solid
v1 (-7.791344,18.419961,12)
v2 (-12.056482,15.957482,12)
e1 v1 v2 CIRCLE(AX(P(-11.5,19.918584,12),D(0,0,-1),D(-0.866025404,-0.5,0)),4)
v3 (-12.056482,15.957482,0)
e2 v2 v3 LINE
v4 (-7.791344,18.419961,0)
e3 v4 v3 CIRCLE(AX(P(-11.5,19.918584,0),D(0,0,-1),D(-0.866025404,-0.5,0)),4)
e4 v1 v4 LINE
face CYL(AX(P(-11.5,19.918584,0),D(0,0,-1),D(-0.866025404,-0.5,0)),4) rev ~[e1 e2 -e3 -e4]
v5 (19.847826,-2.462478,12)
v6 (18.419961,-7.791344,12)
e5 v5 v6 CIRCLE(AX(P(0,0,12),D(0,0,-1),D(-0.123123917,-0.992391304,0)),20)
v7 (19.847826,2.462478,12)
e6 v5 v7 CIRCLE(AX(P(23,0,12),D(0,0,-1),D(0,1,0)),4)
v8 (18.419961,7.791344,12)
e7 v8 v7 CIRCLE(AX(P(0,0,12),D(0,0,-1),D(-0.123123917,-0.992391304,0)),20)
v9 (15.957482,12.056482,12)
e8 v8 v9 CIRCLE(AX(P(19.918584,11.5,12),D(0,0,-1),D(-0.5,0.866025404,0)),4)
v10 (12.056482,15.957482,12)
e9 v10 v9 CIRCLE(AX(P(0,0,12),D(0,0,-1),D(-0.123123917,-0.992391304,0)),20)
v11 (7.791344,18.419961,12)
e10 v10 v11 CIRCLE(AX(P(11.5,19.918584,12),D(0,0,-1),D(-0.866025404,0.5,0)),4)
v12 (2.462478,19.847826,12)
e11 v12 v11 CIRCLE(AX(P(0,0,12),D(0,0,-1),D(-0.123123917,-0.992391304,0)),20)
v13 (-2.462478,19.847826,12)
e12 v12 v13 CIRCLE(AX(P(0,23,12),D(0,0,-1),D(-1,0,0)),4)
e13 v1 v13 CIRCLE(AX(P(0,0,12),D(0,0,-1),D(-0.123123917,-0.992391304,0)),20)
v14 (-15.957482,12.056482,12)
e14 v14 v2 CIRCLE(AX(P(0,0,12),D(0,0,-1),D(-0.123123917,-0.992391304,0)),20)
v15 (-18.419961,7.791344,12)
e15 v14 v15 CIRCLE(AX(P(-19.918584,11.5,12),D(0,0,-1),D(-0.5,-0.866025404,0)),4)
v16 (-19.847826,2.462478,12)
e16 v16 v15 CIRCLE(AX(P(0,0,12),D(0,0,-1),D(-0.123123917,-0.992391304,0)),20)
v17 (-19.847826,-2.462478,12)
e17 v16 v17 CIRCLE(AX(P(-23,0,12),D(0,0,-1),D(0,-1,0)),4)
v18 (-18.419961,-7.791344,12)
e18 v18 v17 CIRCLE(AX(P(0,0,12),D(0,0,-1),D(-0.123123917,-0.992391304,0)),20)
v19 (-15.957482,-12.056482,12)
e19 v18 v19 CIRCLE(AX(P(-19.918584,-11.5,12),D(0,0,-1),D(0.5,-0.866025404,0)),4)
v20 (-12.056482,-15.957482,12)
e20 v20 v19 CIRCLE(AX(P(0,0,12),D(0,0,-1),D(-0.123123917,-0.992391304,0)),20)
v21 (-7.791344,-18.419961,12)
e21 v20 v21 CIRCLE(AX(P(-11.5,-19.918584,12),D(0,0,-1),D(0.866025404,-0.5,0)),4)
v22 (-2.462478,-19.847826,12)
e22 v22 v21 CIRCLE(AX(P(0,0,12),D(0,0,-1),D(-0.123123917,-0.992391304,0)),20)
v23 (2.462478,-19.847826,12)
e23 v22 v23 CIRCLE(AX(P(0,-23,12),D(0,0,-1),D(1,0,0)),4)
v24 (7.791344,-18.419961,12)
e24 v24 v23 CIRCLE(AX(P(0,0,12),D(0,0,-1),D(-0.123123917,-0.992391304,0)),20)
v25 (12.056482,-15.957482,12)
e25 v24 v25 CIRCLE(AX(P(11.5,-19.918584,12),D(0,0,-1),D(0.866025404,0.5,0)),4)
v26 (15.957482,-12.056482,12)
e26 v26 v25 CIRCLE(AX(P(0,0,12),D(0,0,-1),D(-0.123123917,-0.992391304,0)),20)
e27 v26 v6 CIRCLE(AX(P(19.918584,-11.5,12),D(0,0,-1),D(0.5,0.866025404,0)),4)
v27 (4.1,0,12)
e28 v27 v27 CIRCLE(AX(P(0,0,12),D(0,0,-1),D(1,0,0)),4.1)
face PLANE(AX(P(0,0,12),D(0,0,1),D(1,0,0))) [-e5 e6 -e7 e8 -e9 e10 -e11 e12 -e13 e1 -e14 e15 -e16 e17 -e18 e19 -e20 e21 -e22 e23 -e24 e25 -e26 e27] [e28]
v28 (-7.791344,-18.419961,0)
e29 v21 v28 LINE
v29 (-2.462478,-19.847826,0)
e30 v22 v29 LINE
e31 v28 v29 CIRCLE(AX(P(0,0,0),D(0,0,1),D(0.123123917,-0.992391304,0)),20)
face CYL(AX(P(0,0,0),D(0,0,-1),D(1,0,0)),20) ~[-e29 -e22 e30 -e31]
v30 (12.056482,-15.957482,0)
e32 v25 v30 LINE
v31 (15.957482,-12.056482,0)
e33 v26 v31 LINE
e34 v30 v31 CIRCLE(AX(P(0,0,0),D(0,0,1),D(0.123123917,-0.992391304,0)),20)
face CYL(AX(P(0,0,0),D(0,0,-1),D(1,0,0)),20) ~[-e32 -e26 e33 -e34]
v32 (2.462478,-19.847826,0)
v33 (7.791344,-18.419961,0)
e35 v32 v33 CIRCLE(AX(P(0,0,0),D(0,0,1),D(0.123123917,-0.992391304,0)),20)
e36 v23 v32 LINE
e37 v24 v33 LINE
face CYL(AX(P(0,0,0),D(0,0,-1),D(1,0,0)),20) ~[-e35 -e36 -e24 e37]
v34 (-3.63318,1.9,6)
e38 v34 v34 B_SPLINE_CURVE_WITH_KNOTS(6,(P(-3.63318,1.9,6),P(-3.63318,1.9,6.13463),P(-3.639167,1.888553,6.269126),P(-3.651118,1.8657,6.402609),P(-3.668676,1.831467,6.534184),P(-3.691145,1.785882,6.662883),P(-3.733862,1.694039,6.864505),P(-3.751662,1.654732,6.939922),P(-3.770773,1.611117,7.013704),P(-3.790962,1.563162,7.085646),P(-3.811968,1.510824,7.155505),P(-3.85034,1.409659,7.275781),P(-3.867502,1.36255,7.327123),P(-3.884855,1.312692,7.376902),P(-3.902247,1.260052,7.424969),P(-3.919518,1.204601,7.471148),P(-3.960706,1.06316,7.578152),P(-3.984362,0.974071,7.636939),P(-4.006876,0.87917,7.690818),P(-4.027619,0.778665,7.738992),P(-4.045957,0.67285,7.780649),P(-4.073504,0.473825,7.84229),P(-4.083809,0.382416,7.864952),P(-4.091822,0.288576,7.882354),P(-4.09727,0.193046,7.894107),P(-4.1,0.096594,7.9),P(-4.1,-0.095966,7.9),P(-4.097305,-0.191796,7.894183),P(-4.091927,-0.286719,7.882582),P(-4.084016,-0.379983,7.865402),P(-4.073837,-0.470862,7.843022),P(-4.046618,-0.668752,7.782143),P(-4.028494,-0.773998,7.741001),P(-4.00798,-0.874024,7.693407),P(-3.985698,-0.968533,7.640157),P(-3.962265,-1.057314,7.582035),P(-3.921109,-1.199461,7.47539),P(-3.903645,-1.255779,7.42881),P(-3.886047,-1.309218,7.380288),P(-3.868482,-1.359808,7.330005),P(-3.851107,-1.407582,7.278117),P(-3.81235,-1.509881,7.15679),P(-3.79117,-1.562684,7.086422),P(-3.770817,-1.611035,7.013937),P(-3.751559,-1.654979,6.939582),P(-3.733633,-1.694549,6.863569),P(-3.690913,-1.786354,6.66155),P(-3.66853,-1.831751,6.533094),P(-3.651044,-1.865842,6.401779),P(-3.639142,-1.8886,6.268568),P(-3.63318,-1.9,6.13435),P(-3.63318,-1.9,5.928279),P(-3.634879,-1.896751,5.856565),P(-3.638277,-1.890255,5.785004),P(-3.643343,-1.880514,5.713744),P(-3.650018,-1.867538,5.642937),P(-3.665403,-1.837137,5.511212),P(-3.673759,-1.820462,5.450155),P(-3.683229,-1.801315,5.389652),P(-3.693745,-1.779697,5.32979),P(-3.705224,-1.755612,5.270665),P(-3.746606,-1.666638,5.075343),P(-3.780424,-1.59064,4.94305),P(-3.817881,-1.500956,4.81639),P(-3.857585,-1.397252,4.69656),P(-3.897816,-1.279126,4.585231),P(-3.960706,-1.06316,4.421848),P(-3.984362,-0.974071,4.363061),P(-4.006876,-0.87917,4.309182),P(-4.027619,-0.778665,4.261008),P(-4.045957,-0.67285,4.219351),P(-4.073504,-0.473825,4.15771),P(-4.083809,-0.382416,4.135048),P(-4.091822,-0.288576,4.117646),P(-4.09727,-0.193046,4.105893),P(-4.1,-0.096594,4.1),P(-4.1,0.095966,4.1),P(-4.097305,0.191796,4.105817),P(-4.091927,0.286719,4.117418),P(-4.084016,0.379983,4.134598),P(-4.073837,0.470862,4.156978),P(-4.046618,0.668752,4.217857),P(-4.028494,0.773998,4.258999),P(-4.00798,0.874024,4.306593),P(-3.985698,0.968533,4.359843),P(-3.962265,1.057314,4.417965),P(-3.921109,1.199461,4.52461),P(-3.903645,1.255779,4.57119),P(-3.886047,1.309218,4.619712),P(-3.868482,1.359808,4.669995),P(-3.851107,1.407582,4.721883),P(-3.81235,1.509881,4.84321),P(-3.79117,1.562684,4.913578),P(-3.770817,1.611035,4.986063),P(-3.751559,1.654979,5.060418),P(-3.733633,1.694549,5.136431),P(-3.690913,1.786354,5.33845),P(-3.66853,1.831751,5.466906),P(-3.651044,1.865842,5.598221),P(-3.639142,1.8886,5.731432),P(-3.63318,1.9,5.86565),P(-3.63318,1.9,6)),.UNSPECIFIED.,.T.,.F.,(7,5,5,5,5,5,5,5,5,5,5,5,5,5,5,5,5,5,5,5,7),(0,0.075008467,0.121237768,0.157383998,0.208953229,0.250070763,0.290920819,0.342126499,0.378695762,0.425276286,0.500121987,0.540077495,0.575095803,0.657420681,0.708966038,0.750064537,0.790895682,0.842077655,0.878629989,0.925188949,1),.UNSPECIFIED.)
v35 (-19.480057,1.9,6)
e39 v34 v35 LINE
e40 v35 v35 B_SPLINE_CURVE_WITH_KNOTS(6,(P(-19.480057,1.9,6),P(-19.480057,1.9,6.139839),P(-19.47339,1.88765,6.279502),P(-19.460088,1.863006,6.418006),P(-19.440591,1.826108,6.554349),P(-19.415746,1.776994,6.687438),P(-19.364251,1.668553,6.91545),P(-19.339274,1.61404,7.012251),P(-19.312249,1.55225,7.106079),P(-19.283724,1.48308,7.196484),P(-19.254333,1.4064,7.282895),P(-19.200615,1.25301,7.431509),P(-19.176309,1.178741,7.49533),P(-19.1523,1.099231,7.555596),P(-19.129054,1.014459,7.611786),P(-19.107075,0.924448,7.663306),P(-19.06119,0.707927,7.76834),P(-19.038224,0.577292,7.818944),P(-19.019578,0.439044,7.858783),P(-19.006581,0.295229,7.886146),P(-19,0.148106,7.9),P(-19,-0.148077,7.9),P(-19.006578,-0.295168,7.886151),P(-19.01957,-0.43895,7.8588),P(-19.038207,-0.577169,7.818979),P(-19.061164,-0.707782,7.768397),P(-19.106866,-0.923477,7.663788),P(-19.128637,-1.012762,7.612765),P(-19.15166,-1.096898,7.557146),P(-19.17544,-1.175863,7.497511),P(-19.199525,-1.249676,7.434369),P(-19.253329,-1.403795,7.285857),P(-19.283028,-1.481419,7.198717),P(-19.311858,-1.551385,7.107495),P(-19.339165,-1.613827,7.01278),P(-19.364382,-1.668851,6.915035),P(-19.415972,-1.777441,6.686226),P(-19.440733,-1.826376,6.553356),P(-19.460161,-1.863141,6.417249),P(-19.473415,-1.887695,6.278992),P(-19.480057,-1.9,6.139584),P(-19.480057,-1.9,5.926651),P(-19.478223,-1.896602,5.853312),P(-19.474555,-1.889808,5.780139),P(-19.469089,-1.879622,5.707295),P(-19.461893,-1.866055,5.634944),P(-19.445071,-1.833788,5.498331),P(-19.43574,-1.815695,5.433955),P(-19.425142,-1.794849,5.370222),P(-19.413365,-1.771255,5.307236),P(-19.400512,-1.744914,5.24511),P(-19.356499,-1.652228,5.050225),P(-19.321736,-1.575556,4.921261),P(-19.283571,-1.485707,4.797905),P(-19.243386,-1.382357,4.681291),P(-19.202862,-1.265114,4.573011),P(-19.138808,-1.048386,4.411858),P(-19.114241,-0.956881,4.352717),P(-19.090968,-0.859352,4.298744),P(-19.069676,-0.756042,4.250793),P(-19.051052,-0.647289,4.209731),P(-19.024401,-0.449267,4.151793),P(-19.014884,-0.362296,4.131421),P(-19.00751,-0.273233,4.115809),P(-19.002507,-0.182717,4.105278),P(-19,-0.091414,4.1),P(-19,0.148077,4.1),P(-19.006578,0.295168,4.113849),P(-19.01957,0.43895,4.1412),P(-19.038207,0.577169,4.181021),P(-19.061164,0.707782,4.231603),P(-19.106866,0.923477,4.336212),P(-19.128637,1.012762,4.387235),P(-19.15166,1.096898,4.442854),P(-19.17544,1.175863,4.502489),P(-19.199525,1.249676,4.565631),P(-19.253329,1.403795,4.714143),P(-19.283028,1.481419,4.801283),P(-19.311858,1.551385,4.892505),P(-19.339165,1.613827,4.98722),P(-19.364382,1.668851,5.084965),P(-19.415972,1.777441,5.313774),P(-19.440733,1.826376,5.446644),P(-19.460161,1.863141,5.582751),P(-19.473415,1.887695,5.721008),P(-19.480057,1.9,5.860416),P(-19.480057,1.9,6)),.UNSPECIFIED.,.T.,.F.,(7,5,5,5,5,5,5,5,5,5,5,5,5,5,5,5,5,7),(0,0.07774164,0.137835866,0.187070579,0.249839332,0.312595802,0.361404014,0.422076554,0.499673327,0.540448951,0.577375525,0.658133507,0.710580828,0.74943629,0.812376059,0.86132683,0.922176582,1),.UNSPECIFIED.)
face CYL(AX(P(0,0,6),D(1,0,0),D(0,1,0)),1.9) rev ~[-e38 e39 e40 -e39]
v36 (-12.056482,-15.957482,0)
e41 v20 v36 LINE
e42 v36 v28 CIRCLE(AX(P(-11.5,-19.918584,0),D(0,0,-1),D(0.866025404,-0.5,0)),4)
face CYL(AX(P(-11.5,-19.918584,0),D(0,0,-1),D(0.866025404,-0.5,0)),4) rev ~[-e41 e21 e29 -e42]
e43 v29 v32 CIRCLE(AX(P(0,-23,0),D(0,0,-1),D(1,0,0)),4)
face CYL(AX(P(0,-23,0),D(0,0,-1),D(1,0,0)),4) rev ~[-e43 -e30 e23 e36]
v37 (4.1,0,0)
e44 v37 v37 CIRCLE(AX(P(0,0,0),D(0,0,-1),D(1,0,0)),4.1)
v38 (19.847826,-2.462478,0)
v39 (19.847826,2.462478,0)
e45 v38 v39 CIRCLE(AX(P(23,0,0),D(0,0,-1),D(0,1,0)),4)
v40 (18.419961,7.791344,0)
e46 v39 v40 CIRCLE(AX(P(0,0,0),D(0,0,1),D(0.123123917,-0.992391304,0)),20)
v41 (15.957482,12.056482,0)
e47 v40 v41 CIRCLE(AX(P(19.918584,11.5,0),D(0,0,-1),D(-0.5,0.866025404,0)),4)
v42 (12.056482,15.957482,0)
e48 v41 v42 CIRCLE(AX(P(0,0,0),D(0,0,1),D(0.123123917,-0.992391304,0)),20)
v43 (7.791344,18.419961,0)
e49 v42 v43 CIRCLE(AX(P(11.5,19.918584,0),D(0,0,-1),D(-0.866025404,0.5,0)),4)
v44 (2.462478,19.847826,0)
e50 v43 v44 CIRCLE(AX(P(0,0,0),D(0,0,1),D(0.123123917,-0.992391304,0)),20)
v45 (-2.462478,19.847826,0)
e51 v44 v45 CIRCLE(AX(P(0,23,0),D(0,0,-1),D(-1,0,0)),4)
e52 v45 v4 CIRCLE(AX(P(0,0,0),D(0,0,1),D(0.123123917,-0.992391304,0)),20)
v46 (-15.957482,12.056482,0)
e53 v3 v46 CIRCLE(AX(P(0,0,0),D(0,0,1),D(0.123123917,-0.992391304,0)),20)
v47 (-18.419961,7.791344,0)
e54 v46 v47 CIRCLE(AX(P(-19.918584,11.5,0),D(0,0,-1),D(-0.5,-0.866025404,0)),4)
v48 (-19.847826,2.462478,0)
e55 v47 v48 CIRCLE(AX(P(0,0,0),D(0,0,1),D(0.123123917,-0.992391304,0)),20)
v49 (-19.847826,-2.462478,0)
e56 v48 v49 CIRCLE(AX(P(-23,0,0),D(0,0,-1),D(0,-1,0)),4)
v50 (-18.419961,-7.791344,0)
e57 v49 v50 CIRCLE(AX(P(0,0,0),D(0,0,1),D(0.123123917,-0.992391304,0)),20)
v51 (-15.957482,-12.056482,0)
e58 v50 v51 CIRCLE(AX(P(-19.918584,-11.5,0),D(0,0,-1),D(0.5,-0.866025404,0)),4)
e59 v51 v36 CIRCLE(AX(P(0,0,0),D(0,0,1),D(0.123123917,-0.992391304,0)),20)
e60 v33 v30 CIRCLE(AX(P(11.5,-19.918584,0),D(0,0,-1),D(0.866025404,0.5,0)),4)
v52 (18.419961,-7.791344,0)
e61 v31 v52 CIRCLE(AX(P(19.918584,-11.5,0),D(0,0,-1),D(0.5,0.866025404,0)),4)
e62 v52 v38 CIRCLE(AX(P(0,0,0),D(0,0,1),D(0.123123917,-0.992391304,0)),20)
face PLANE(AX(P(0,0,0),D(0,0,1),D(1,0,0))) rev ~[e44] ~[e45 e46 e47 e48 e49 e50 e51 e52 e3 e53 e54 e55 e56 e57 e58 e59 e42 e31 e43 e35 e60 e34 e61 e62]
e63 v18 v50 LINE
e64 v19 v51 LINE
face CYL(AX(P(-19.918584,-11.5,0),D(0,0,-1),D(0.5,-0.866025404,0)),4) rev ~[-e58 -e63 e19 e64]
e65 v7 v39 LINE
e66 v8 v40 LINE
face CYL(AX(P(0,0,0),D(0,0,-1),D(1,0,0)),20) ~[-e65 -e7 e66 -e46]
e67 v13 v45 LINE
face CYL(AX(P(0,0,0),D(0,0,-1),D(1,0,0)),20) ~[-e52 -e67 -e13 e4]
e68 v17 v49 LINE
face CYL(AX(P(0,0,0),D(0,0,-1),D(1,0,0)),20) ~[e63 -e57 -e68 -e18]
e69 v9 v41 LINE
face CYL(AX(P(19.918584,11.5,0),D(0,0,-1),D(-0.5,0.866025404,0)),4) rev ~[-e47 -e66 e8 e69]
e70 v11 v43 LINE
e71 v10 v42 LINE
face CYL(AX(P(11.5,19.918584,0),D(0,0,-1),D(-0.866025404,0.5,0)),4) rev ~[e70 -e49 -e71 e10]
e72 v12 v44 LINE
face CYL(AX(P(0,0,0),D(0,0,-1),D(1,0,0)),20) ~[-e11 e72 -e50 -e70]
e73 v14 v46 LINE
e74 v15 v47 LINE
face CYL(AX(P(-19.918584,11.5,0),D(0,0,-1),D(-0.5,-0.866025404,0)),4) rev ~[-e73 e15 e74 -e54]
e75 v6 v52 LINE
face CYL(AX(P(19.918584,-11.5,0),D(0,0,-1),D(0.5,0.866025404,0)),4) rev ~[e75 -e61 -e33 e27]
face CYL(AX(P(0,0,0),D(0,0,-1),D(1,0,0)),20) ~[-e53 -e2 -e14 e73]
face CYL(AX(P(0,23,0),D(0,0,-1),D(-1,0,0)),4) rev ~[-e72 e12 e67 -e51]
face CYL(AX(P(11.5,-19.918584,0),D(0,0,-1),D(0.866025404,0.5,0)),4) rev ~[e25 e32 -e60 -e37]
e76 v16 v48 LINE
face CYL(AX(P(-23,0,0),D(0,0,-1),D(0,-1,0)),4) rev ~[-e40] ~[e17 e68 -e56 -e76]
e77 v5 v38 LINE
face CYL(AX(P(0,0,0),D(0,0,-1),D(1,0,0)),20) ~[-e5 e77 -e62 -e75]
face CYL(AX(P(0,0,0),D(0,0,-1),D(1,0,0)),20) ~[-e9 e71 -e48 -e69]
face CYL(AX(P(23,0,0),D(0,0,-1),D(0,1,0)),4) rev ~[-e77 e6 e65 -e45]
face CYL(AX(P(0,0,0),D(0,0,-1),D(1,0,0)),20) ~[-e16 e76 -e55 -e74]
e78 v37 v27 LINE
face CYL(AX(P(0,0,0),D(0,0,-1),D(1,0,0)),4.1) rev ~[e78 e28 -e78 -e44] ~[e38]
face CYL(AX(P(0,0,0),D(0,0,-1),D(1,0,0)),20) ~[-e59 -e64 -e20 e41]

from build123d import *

# Parameters (mm, degrees)
SKETCH_R           = 20
PAD_DEPTH          = 12
SKETCH001_R        = 4
POCKET_DEPTH       = 127.655658
POLARPATTERN_COUNT = 12
SKETCH002_R        = 4.1
POCKET001_DEPTH    = 12.001
SKETCH003_R        = 1.9
POCKET002_DEPTH    = 26


with BuildPart() as part:
    # Sketch → Pad (new body)
    with BuildSketch(Plane.XY):
        Circle(SKETCH_R)
    extrude(amount=PAD_DEPTH)

    # Sketch001 (on Face2 of Pad) → Pocket (cut, through all)
    with BuildSketch(Plane(origin=(0, 0, 0), x_dir=(1, 0, 0), z_dir=(0, 0, -1))):
        with Locations((0, 23)):
            Circle(SKETCH001_R)
    pocket = extrude(amount=-POCKET_DEPTH, mode=Mode.SUBTRACT)

    # PolarPattern: Pocket ×12 about axis
    polarpattern_axis = Axis((0, 0, 0), (0, 0, -1))
    for i in range(1, POLARPATTERN_COUNT):
        add(pocket.rotate(polarpattern_axis, i * 360 / POLARPATTERN_COUNT), mode=Mode.SUBTRACT)

    # Sketch002 (on Face2 of PolarPattern) → Pocket001 (cut, through all)
    with BuildSketch(Plane(origin=(0, 0, 0), x_dir=(1, 0, 0), z_dir=(0, 0, -1))):
        Circle(SKETCH002_R)
    extrude(amount=-POCKET001_DEPTH, mode=Mode.SUBTRACT)

    # Sketch003 → Pocket002 (cut)
    with BuildSketch(Plane.YZ):
        with Locations((0, 6)):
            Circle(SKETCH003_R)
    extrude(amount=-POCKET002_DEPTH, mode=Mode.SUBTRACT)


solid = part.part
